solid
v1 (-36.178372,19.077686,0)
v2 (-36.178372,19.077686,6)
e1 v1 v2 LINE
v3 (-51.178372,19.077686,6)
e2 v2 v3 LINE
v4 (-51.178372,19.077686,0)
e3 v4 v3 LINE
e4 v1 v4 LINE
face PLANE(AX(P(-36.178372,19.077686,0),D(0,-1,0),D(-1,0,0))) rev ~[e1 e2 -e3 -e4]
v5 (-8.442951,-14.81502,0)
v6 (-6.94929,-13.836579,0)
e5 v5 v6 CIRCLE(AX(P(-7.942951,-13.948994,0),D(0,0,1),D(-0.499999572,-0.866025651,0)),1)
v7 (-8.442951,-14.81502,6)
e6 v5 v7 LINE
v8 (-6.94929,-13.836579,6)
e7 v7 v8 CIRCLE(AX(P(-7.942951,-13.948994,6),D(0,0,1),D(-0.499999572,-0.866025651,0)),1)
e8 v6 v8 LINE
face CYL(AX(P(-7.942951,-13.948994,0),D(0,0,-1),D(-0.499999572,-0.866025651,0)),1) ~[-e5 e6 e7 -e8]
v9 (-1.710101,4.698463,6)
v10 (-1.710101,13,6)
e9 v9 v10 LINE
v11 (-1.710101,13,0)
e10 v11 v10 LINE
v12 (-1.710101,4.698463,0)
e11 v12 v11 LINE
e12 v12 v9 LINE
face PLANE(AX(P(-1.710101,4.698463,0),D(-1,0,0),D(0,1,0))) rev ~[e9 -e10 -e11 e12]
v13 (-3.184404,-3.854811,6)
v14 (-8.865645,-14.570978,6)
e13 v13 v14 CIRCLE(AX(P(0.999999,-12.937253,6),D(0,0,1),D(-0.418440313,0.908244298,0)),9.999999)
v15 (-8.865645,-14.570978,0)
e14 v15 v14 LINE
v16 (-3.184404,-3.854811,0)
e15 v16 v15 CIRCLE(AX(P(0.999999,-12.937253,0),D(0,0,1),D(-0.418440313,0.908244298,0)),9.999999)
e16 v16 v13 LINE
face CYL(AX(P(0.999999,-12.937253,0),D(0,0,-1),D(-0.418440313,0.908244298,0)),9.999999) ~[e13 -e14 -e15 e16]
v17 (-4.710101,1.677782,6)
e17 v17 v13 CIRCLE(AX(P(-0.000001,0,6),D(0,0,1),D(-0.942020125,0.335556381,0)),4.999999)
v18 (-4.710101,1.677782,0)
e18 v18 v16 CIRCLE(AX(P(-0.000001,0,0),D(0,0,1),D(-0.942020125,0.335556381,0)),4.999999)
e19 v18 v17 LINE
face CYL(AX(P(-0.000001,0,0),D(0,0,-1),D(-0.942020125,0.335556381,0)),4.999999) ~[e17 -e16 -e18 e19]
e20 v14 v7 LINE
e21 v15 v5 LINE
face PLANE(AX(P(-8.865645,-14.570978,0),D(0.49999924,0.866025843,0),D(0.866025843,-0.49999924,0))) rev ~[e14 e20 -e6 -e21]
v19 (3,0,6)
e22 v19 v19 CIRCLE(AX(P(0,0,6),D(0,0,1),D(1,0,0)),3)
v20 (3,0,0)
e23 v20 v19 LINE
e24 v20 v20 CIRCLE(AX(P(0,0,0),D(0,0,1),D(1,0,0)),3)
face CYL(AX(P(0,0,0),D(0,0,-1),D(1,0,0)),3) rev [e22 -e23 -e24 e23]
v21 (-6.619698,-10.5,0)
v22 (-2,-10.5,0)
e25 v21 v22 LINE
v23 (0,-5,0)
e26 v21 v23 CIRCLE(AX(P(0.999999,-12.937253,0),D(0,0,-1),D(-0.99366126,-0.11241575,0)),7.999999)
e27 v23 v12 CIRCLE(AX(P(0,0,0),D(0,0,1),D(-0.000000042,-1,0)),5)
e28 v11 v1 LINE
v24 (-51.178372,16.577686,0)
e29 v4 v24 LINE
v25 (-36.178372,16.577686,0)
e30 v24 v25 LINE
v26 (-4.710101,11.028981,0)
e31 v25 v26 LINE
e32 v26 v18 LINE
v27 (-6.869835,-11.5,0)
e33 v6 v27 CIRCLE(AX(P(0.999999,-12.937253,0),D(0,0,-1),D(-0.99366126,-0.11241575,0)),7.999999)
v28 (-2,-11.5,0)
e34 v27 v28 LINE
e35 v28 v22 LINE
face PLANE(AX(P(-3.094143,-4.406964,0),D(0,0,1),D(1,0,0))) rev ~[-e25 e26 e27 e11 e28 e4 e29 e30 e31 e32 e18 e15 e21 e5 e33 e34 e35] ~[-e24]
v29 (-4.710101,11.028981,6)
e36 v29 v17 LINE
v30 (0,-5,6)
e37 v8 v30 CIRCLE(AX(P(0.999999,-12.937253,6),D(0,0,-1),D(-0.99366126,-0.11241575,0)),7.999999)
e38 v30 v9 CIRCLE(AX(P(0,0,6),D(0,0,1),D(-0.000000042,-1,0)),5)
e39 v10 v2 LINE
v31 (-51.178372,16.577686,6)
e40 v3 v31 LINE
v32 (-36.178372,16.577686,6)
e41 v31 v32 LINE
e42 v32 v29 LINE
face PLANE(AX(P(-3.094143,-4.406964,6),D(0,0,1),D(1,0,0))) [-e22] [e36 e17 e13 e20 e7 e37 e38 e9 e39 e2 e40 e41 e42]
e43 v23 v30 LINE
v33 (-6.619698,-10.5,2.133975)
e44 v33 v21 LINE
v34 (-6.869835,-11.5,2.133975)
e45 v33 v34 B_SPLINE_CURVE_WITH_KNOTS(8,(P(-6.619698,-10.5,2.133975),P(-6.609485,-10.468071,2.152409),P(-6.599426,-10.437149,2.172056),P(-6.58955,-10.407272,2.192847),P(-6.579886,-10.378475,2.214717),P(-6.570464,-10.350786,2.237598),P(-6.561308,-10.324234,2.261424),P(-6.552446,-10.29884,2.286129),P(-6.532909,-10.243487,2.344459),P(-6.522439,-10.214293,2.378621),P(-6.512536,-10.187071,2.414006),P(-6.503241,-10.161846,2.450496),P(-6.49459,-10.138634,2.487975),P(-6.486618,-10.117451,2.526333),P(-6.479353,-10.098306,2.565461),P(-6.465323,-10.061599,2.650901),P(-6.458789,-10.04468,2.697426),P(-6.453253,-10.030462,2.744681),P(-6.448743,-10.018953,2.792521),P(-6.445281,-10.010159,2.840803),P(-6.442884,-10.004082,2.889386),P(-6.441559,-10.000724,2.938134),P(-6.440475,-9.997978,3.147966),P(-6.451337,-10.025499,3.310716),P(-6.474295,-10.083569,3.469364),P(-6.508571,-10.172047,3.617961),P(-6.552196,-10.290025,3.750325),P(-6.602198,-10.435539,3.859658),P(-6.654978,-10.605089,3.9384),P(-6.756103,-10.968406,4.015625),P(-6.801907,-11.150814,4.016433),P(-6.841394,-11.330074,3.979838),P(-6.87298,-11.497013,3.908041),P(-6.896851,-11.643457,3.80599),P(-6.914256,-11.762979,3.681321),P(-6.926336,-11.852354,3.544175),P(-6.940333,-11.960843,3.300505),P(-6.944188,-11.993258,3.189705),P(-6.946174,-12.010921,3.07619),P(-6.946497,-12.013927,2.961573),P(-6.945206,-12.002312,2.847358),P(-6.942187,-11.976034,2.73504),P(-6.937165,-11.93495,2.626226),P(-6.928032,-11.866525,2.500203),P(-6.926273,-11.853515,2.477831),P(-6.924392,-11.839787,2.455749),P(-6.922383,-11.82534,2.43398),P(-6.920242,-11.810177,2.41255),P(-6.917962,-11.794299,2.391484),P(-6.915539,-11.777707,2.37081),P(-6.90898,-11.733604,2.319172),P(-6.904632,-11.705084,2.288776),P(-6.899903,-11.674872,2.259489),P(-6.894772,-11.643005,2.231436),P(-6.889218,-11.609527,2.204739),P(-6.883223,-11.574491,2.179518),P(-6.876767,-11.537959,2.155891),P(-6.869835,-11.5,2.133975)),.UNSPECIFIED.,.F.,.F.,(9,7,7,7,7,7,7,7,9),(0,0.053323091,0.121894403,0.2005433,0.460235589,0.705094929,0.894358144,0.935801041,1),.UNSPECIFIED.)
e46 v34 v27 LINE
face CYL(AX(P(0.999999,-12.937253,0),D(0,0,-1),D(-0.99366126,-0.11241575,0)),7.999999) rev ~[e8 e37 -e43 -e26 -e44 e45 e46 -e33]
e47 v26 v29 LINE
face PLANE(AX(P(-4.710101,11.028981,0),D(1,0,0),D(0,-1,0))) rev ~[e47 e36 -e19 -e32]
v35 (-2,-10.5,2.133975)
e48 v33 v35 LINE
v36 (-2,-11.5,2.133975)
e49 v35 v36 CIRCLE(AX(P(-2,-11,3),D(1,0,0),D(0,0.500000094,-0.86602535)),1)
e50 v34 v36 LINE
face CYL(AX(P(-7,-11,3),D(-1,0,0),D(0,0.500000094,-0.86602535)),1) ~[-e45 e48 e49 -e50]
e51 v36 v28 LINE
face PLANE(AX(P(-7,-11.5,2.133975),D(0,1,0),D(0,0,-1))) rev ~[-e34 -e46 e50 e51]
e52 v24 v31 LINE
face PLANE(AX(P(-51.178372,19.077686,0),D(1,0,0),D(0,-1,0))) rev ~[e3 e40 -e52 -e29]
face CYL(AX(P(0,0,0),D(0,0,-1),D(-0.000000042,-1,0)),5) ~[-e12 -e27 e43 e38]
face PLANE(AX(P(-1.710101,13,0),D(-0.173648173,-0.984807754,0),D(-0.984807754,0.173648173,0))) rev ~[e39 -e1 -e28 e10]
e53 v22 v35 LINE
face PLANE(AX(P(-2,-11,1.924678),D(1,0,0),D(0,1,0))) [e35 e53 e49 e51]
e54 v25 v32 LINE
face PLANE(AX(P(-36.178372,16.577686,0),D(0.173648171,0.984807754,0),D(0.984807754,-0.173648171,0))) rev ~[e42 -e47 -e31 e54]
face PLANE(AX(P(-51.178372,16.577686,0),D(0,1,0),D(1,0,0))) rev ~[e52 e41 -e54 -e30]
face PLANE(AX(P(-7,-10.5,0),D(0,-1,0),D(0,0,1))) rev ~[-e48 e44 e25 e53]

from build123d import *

# Parameters (mm, degrees)
F0_R     = 3
F1_DEPTH = 6
F4_DEPTH = 5


with BuildPart() as f1:
    # F0 (on Top) → F1 (new body)
    with BuildSketch(Plane.XY):
        with BuildLine():
            ThreePointArc((-6.94929, -13.836579), (-5.288381, -7.991926), (0, -5))
            ThreePointArc((0, -5), (4.924039, 0.868241), (-1.710101, 4.698463))
            ThreePointArc((-1.710101, 4.698463), (-3.547658, 3.523368), (-4.710101, 1.677782))
            ThreePointArc((-4.710101, 1.677782), (-4.820083, -1.329211), (-3.184404, -3.854811))
            ThreePointArc((-3.184404, -3.854811), (-7.835159, -8.253241), (-8.865645, -14.570978))
            Line((-8.865645, -14.570978), (-8.442951, -14.81502))
            ThreePointArc((-8.442951, -14.81502), (-7.39499, -14.785498), (-6.94929, -13.836579))
        make_face()
        Circle(F0_R, mode=Mode.SUBTRACT)
        with BuildLine():
            ThreePointArc((-4.710101, 1.677782), (-3.547658, 3.523368), (-1.710101, 4.698463))
            Line((-1.710101, 4.698463), (-1.710101, 13))
            Line((-1.710101, 13), (-36.178372, 19.077686))
            Line((-36.178372, 19.077686), (-51.178372, 19.077686))
            Line((-51.178372, 19.077686), (-51.178372, 16.577686))
            Line((-51.178372, 16.577686), (-36.178372, 16.577686))
            Line((-36.178372, 16.577686), (-4.710101, 11.028981))
            Line((-4.710101, 11.028981), (-4.710101, 1.677782))
        make_face()
    extrude(amount=F1_DEPTH)

    # F3 (on offset) → F4 (join)
    with BuildSketch(Plane.YZ.offset(-7)):
        with BuildLine():
            Line((-10.5, 0), (-10.5, 2.133975))
            ThreePointArc((-10.5, 2.133975), (-11, 4), (-11.5, 2.133975))
            Line((-11.5, 2.133975), (-11.5, 0))
            Line((-11.5, 0), (-10.5, 0))
        make_face()
    extrude(amount=F4_DEPTH)


solid = f1.part
